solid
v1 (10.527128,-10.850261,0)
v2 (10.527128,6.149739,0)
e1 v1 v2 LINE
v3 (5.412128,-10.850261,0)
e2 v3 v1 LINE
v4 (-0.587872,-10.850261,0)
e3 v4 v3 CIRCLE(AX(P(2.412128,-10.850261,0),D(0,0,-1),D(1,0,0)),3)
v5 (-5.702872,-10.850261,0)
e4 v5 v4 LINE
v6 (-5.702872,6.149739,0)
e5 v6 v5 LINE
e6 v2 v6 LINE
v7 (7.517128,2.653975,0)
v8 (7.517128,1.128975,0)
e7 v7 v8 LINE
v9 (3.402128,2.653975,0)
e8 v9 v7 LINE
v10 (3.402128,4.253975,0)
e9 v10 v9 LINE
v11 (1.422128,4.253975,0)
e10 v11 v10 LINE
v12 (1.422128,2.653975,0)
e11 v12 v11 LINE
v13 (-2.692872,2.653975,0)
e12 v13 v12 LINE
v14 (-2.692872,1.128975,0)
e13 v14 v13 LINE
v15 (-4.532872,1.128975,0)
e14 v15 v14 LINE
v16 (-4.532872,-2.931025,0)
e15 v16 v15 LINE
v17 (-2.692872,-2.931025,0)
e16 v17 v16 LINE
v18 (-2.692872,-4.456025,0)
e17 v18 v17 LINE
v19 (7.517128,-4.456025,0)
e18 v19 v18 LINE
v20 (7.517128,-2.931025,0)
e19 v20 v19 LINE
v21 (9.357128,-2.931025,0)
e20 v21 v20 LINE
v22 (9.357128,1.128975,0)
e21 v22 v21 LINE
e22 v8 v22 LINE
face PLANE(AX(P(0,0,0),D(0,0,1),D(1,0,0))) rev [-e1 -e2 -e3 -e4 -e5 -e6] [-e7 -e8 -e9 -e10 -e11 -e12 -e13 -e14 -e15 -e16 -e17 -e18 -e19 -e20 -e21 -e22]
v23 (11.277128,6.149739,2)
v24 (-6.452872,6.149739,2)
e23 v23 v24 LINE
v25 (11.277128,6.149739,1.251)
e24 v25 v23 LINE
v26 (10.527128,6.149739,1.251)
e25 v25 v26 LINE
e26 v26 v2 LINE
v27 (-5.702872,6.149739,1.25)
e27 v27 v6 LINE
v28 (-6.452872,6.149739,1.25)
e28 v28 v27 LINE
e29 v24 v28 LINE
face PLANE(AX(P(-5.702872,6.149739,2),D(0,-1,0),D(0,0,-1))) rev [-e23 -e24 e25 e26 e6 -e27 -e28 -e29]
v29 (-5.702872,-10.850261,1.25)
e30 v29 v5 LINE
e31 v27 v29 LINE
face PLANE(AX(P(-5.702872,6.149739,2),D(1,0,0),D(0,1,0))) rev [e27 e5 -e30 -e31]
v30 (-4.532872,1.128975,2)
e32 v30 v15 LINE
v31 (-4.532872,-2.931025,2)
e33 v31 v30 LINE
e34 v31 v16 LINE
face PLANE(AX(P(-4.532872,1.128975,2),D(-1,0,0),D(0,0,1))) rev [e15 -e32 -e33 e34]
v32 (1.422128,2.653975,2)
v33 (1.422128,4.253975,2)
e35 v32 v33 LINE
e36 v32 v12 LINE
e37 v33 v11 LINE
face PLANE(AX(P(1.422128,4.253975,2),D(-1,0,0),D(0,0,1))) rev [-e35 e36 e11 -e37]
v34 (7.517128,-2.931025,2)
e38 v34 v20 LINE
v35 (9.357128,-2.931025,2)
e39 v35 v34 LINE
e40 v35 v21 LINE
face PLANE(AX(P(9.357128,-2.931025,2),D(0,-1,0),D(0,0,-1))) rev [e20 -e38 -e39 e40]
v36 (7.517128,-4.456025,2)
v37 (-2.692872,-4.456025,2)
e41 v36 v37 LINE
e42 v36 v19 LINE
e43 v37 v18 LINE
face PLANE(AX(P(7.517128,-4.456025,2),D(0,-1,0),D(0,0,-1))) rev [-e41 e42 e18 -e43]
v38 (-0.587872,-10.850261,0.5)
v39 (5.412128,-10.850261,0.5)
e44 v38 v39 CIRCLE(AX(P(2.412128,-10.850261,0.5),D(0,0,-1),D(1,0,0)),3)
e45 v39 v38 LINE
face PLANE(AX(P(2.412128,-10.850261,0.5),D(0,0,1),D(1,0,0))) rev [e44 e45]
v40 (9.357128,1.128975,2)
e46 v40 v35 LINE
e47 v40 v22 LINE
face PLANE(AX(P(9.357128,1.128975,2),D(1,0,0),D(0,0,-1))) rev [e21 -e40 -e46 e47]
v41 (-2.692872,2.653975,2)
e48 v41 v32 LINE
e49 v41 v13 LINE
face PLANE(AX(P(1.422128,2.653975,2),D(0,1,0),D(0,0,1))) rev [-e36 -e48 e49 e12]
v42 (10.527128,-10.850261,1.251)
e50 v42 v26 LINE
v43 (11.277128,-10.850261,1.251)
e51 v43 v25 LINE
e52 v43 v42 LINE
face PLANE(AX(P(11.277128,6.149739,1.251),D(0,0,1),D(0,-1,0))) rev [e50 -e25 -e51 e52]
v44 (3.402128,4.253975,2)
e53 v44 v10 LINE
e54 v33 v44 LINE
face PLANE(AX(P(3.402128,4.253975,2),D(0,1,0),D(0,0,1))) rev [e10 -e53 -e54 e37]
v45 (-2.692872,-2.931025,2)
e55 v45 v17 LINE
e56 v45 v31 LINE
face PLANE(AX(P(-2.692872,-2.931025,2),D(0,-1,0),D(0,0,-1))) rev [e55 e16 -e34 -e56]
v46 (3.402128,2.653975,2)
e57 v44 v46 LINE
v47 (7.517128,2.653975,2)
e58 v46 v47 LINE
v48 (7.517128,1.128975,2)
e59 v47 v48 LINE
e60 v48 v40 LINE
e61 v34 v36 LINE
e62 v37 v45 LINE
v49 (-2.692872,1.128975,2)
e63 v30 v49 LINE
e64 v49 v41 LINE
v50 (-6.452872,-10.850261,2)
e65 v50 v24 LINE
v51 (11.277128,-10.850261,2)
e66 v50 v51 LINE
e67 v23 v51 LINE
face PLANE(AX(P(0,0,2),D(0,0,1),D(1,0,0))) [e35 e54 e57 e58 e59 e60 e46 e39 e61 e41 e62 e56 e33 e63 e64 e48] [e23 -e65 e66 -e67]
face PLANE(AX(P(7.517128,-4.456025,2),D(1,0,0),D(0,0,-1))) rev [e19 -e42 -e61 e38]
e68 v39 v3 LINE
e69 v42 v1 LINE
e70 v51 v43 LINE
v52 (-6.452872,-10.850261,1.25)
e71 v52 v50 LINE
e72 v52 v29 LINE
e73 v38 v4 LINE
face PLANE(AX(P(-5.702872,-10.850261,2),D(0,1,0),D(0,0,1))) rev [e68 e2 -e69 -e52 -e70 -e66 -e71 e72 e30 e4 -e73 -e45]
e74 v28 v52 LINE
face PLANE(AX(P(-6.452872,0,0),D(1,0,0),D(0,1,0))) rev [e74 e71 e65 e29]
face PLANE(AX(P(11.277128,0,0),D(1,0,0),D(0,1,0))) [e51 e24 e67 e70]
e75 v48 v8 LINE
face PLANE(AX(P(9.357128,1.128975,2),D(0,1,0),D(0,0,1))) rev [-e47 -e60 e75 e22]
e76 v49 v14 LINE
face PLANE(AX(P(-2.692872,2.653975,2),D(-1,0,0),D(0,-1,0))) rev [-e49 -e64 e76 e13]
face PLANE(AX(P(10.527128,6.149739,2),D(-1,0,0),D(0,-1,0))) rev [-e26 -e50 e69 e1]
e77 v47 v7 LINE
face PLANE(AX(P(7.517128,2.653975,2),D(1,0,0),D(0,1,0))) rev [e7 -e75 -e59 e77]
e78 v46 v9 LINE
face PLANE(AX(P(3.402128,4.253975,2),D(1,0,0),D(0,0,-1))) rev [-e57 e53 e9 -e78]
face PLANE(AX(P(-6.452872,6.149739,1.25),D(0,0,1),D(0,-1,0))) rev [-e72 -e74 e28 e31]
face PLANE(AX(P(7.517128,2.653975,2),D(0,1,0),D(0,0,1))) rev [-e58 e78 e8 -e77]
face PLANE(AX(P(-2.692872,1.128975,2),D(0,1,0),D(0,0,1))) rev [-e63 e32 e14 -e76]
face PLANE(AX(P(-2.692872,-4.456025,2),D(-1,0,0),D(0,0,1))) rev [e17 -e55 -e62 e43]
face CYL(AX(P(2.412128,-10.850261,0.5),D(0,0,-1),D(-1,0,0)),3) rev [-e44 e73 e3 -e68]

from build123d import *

# Parameters (mm, degrees)
SKETCH1_W           = 16.23
SKETCH1_H           = 17
BOSS_EXTRUDE1_DEPTH = 2
SKETCH2_W           = 0.749
SKETCH2_H           = 17
BOSS_EXTRUDE2_DEPTH = 0.75
SKETCH3_W           = 0.75
SKETCH3_H           = 17
BOSS_EXTRUDE4_DEPTH = 0.75
CUT_EXTRUDE1_DEPTH  = 16.776621323
CUT_EXTRUDE3_DEPTH  = 0.5


with BuildPart() as part:
    # Sketch1 → Boss-Extrude1 (new body)
    with BuildSketch(Plane.XY):
        with Locations((2.412127937, -2.350261097)):
            Rectangle(SKETCH1_W, SKETCH1_H)
    extrude(amount=BOSS_EXTRUDE1_DEPTH)

    # Sketch2 → Boss-Extrude2 (add)
    with BuildSketch(Plane(origin=(10.527127937, 0, 0), x_dir=(0, 0, -1), z_dir=(1, 0, 0))):
        with Locations((-1.6255, -2.350261097)):
            Rectangle(SKETCH2_W, SKETCH2_H)
    extrude(amount=BOSS_EXTRUDE2_DEPTH)

    # Sketch3 → Boss-Extrude4 (add)
    with BuildSketch(Plane.ZY.offset(5.702872063)):
        with Locations((1.625, -2.350261097)):
            Rectangle(SKETCH3_W, SKETCH3_H)
    extrude(amount=BOSS_EXTRUDE4_DEPTH)

    # Sketch4 → Cut-Extrude1 (cut, through all)
    with BuildSketch(Plane(origin=(0, 0, 0), x_dir=(-1, 0, 0), z_dir=(0, 0, -1))):
        Polygon((-7.517127937, 2.653975471), (-3.402127937, 2.653975471), (-3.402127937, 4.253975471), (-1.422127937, 4.253975471), (-1.422127937, 2.653975471), (2.692872063, 2.653975471), (2.692872063, 1.128975471), (4.532872063, 1.128975471), (4.532872063, -2.931024529), (2.692872063, -2.931024529), (2.692872063, -4.456024529), (-7.517127937, -4.456024529), (-7.517127937, -2.931024529), (-9.357127937, -2.931024529), (-9.357127937, 1.128975471), (-7.517127937, 1.128975471), align=None)
    extrude(amount=-CUT_EXTRUDE1_DEPTH, mode=Mode.SUBTRACT)

    # Sketch6 → Cut-Extrude3 (cut)
    with BuildSketch(Plane(origin=(0, 0, 0), x_dir=(-1, 0, 0), z_dir=(0, 0, -1))):
        with BuildLine():
            Line((-5.412127937, -10.850261097), (0.587872063, -10.850261097))
            ThreePointArc((0.587872063, -10.850261097), (-2.412127937, -7.850261097), (-5.412127937, -10.850261097))
        make_face()
    extrude(amount=-CUT_EXTRUDE3_DEPTH, mode=Mode.SUBTRACT)


solid = part.part
